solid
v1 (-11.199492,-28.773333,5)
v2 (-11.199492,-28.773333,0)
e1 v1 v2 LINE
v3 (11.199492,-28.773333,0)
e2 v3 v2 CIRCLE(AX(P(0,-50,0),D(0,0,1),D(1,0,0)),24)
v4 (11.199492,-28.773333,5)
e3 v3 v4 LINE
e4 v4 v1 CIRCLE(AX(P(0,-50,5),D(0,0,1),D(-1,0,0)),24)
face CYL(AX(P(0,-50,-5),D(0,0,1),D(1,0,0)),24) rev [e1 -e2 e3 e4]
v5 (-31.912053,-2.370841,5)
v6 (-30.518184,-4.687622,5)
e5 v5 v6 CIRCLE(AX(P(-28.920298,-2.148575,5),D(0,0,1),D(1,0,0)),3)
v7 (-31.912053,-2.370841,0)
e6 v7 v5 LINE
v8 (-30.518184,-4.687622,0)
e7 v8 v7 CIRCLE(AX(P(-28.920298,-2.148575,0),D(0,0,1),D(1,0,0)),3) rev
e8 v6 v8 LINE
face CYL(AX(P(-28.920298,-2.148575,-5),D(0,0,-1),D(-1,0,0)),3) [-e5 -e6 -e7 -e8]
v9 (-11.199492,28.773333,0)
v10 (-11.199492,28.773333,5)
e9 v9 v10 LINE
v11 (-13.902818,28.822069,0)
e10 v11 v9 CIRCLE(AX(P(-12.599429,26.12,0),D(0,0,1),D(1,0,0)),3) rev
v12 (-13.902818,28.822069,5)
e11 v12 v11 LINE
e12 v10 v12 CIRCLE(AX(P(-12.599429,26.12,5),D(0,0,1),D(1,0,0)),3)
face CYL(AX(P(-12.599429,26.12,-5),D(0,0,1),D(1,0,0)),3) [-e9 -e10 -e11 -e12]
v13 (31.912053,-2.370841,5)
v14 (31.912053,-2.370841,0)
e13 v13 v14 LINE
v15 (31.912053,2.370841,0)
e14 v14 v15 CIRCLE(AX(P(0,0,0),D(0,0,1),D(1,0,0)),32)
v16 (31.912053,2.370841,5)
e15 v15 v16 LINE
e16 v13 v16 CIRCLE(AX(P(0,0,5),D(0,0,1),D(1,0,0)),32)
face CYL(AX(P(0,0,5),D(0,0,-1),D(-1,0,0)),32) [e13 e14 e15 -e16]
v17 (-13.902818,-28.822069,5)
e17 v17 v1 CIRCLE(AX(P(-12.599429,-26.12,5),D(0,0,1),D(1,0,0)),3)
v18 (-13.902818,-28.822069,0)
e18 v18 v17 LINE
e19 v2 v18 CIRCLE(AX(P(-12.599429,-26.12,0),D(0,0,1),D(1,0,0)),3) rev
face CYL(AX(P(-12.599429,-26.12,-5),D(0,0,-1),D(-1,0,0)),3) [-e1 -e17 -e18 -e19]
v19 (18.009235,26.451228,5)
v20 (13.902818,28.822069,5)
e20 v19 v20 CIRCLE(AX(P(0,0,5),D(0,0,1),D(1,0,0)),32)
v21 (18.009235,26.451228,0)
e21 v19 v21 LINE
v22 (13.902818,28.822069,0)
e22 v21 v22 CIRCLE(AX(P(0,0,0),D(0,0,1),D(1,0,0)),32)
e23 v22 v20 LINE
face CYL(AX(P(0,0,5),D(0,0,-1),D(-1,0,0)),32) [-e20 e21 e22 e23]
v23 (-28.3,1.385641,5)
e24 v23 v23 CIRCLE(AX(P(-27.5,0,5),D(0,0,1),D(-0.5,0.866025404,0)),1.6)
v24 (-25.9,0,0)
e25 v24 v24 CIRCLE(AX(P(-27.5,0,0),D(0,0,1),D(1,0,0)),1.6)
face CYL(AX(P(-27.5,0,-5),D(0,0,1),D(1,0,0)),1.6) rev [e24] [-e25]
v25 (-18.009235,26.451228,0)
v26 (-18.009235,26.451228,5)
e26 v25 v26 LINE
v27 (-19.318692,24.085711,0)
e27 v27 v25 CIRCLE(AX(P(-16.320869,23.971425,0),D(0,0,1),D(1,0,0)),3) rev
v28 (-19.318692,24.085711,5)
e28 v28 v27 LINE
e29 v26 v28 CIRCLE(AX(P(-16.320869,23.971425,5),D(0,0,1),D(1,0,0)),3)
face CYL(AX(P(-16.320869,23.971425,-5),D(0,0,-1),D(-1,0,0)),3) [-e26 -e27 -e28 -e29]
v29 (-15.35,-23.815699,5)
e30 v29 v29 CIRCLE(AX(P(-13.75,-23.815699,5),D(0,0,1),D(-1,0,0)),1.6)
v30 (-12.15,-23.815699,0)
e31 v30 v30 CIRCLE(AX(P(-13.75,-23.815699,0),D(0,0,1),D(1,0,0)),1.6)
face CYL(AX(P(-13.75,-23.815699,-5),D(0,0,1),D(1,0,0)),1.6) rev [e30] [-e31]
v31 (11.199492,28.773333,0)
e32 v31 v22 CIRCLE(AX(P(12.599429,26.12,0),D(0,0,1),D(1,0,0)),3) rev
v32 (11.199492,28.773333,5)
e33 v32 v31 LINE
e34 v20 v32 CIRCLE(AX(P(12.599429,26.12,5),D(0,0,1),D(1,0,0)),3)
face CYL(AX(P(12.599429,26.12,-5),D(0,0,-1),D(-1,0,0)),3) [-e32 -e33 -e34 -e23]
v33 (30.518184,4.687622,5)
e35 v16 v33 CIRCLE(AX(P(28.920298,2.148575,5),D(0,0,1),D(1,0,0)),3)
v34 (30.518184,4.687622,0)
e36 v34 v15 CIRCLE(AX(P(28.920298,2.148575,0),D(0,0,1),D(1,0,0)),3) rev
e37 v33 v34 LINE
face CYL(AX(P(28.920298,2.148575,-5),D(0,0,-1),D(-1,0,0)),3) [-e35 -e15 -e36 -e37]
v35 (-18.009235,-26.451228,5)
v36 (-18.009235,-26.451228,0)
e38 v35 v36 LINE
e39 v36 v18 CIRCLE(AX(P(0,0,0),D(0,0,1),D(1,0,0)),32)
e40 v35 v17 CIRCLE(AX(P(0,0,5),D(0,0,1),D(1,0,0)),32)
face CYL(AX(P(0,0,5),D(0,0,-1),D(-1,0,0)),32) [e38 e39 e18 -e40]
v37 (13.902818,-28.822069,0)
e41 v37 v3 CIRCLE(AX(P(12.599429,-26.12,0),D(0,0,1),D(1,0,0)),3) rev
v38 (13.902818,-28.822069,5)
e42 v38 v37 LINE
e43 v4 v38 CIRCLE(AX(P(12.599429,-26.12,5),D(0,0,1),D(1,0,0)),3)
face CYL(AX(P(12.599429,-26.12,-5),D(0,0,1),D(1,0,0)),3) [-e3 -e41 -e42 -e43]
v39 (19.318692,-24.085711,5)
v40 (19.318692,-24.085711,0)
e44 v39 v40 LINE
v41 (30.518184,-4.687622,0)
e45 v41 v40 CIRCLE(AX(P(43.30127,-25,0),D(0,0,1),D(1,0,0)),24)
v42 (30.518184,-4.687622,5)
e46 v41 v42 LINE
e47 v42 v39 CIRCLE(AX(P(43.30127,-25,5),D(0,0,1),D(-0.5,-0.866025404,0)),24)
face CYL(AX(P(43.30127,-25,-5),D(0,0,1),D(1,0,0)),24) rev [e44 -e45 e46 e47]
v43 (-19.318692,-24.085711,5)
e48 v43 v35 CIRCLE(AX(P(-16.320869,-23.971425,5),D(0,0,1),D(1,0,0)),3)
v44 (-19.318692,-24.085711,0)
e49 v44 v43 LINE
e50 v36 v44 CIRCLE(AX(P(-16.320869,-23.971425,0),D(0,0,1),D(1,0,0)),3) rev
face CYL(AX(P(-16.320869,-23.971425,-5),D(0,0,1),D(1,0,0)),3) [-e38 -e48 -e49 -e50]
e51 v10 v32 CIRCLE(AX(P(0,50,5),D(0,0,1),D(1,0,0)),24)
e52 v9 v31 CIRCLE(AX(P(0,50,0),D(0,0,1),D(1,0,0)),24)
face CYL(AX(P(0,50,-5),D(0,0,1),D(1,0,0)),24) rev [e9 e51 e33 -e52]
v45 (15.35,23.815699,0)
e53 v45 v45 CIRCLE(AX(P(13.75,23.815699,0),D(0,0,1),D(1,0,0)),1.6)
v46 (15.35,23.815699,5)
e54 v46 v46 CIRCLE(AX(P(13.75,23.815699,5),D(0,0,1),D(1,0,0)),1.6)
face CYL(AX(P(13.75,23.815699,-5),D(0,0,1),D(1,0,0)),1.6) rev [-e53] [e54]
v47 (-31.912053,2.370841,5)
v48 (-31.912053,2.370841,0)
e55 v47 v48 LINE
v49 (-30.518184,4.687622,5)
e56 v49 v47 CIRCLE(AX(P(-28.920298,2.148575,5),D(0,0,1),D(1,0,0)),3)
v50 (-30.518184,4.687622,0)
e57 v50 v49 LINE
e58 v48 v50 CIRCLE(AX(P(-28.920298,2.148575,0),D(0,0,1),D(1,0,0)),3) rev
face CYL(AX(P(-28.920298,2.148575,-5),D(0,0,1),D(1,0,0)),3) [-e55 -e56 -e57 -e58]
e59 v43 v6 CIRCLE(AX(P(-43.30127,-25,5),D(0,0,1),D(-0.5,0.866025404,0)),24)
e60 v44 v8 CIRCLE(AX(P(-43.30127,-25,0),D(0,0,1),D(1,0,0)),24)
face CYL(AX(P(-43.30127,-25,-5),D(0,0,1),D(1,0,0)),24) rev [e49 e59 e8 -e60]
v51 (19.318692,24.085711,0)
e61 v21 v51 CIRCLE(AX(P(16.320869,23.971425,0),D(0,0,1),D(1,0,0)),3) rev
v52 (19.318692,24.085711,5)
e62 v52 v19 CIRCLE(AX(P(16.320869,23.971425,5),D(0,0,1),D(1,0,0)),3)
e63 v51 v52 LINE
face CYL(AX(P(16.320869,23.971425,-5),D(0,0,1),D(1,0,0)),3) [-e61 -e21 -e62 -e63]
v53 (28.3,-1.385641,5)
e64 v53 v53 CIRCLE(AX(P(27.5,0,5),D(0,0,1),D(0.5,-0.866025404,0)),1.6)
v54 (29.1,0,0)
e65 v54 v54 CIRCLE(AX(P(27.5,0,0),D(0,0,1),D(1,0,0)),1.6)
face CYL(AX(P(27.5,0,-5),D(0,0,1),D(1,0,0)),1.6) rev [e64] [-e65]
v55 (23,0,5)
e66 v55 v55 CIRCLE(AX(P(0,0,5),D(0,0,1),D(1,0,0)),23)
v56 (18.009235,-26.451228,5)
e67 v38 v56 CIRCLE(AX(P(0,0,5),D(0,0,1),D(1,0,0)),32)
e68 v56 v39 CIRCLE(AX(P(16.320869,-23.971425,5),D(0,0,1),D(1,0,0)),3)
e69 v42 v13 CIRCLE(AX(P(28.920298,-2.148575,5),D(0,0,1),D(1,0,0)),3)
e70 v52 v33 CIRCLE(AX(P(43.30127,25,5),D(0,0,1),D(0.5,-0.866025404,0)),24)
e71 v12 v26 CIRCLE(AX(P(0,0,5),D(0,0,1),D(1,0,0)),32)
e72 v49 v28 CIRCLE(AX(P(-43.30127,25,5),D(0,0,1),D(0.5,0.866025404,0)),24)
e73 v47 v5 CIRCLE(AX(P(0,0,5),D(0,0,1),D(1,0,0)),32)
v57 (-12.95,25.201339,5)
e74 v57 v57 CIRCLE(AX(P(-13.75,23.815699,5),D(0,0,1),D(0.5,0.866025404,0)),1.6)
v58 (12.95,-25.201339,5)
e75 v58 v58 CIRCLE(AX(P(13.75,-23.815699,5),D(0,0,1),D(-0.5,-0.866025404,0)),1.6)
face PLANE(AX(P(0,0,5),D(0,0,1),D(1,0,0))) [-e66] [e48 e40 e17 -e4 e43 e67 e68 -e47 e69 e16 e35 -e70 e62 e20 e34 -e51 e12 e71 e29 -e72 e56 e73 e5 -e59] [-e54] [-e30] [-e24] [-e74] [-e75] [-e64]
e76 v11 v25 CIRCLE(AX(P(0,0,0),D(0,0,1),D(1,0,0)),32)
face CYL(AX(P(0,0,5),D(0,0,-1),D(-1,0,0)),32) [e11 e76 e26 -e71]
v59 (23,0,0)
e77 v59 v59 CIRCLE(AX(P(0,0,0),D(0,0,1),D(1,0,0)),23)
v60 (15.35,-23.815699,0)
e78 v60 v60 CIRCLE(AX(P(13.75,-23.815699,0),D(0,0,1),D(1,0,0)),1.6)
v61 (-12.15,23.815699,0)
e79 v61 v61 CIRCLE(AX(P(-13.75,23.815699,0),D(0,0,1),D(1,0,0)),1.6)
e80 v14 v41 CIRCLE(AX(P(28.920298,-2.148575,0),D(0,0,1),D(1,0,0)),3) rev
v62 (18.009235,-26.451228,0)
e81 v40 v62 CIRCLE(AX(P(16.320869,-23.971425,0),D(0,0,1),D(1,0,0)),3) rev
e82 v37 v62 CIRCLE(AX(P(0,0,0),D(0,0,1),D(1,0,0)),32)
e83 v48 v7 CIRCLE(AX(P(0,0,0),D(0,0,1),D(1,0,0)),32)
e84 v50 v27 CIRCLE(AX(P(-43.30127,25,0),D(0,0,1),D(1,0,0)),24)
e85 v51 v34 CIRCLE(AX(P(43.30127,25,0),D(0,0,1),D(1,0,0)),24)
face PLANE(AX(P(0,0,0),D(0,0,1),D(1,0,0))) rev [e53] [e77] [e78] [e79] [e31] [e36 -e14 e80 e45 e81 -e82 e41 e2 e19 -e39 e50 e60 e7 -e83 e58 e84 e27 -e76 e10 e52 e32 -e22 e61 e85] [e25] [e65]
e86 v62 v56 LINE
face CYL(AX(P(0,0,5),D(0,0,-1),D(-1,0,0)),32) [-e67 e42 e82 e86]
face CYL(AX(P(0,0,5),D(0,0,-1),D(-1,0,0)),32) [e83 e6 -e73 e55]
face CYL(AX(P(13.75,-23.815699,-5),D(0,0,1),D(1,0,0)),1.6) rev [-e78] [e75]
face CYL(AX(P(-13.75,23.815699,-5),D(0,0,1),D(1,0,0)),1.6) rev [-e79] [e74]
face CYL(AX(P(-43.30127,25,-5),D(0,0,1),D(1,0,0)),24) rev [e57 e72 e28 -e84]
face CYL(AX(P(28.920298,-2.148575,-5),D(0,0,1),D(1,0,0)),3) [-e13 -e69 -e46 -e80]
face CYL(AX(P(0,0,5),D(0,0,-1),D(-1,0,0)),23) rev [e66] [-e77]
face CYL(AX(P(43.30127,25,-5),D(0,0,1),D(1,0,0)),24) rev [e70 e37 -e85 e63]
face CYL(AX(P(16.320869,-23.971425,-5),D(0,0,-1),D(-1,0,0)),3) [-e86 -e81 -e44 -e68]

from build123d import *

# Parameters (mm, degrees)
SKETCH_1_R               = 32
SKETCH_1_R_2             = 23
EXTRUDE_1_DEPTH          = 5
SKETCH_2_R               = 24
CUT_EXTRUDE_1_DEPTH      = 10
PATTERN_CIRCULAR_1_COUNT = 6
SKETCH_3_R               = 1.6
CUT_EXTRUDE_2_DEPTH      = 10
PATTERN_CIRCULAR_2_COUNT = 6
FILLET_1_R               = 3


with BuildPart() as part:
    # 草图1 → 凸台-拉伸1 (new body)
    with BuildSketch(Plane.XY):
        Circle(SKETCH_1_R)
        Circle(SKETCH_1_R_2, mode=Mode.SUBTRACT)
    extrude(amount=EXTRUDE_1_DEPTH)

    # 草图2 → 切除-拉伸1 (cut)
    with BuildSketch(Plane.XY.offset(5)):
        with Locations((0, 50)):
            Circle(SKETCH_2_R)
    cut_extrude_1 = extrude(amount=-CUT_EXTRUDE_1_DEPTH, mode=Mode.SUBTRACT)

    # 阵列(圆周)1: 切除-拉伸1 ×6 about axis
    pattern_circular_1_axis = Axis((0, 0, 0), (0, 0, 1))
    for i in range(1, PATTERN_CIRCULAR_1_COUNT):
        add(cut_extrude_1.rotate(pattern_circular_1_axis, i * 360 / PATTERN_CIRCULAR_1_COUNT), mode=Mode.SUBTRACT)

    # 草图3 → 切除-拉伸2 (cut)
    with BuildSketch(Plane.XY.offset(5)):
        with Locations((13.75, 23.815698604)):
            Circle(SKETCH_3_R)
    cut_extrude_2 = extrude(amount=-CUT_EXTRUDE_2_DEPTH, mode=Mode.SUBTRACT)

    # 阵列(圆周)2: 切除-拉伸2 ×6 about axis
    pattern_circular_2_axis = Axis((0, 0, 0), (0, 0, 1))
    for i in range(1, PATTERN_CIRCULAR_2_COUNT):
        add(cut_extrude_2.rotate(pattern_circular_2_axis, i * 360 / PATTERN_CIRCULAR_2_COUNT), mode=Mode.SUBTRACT)

    # 圆角1
    fillet_1_edges = [part.edges().sort_by_distance(p)[0] for p in [
        (-12.447071945, 29.48, 2.5),
        (12.447071945, 29.48, 2.5),
        (-31.753964876, 3.960519493, 2.5),
        (-19.306892931, 25.519480507, 2.5),
        (19.306892931, 25.519480507, 2.5),
        (31.753964876, 3.960519493, 2.5),
        (31.753964876, -3.960519493, 2.5),
        (19.306892931, -25.519480507, 2.5),
        (-19.306892931, -25.519480507, 2.5),
        (-31.753964876, -3.960519493, 2.5),
        (12.447071945, -29.48, 2.5),
        (-12.447071945, -29.48, 2.5),
    ]]
    fillet(fillet_1_edges, radius=FILLET_1_R)


solid = part.part
